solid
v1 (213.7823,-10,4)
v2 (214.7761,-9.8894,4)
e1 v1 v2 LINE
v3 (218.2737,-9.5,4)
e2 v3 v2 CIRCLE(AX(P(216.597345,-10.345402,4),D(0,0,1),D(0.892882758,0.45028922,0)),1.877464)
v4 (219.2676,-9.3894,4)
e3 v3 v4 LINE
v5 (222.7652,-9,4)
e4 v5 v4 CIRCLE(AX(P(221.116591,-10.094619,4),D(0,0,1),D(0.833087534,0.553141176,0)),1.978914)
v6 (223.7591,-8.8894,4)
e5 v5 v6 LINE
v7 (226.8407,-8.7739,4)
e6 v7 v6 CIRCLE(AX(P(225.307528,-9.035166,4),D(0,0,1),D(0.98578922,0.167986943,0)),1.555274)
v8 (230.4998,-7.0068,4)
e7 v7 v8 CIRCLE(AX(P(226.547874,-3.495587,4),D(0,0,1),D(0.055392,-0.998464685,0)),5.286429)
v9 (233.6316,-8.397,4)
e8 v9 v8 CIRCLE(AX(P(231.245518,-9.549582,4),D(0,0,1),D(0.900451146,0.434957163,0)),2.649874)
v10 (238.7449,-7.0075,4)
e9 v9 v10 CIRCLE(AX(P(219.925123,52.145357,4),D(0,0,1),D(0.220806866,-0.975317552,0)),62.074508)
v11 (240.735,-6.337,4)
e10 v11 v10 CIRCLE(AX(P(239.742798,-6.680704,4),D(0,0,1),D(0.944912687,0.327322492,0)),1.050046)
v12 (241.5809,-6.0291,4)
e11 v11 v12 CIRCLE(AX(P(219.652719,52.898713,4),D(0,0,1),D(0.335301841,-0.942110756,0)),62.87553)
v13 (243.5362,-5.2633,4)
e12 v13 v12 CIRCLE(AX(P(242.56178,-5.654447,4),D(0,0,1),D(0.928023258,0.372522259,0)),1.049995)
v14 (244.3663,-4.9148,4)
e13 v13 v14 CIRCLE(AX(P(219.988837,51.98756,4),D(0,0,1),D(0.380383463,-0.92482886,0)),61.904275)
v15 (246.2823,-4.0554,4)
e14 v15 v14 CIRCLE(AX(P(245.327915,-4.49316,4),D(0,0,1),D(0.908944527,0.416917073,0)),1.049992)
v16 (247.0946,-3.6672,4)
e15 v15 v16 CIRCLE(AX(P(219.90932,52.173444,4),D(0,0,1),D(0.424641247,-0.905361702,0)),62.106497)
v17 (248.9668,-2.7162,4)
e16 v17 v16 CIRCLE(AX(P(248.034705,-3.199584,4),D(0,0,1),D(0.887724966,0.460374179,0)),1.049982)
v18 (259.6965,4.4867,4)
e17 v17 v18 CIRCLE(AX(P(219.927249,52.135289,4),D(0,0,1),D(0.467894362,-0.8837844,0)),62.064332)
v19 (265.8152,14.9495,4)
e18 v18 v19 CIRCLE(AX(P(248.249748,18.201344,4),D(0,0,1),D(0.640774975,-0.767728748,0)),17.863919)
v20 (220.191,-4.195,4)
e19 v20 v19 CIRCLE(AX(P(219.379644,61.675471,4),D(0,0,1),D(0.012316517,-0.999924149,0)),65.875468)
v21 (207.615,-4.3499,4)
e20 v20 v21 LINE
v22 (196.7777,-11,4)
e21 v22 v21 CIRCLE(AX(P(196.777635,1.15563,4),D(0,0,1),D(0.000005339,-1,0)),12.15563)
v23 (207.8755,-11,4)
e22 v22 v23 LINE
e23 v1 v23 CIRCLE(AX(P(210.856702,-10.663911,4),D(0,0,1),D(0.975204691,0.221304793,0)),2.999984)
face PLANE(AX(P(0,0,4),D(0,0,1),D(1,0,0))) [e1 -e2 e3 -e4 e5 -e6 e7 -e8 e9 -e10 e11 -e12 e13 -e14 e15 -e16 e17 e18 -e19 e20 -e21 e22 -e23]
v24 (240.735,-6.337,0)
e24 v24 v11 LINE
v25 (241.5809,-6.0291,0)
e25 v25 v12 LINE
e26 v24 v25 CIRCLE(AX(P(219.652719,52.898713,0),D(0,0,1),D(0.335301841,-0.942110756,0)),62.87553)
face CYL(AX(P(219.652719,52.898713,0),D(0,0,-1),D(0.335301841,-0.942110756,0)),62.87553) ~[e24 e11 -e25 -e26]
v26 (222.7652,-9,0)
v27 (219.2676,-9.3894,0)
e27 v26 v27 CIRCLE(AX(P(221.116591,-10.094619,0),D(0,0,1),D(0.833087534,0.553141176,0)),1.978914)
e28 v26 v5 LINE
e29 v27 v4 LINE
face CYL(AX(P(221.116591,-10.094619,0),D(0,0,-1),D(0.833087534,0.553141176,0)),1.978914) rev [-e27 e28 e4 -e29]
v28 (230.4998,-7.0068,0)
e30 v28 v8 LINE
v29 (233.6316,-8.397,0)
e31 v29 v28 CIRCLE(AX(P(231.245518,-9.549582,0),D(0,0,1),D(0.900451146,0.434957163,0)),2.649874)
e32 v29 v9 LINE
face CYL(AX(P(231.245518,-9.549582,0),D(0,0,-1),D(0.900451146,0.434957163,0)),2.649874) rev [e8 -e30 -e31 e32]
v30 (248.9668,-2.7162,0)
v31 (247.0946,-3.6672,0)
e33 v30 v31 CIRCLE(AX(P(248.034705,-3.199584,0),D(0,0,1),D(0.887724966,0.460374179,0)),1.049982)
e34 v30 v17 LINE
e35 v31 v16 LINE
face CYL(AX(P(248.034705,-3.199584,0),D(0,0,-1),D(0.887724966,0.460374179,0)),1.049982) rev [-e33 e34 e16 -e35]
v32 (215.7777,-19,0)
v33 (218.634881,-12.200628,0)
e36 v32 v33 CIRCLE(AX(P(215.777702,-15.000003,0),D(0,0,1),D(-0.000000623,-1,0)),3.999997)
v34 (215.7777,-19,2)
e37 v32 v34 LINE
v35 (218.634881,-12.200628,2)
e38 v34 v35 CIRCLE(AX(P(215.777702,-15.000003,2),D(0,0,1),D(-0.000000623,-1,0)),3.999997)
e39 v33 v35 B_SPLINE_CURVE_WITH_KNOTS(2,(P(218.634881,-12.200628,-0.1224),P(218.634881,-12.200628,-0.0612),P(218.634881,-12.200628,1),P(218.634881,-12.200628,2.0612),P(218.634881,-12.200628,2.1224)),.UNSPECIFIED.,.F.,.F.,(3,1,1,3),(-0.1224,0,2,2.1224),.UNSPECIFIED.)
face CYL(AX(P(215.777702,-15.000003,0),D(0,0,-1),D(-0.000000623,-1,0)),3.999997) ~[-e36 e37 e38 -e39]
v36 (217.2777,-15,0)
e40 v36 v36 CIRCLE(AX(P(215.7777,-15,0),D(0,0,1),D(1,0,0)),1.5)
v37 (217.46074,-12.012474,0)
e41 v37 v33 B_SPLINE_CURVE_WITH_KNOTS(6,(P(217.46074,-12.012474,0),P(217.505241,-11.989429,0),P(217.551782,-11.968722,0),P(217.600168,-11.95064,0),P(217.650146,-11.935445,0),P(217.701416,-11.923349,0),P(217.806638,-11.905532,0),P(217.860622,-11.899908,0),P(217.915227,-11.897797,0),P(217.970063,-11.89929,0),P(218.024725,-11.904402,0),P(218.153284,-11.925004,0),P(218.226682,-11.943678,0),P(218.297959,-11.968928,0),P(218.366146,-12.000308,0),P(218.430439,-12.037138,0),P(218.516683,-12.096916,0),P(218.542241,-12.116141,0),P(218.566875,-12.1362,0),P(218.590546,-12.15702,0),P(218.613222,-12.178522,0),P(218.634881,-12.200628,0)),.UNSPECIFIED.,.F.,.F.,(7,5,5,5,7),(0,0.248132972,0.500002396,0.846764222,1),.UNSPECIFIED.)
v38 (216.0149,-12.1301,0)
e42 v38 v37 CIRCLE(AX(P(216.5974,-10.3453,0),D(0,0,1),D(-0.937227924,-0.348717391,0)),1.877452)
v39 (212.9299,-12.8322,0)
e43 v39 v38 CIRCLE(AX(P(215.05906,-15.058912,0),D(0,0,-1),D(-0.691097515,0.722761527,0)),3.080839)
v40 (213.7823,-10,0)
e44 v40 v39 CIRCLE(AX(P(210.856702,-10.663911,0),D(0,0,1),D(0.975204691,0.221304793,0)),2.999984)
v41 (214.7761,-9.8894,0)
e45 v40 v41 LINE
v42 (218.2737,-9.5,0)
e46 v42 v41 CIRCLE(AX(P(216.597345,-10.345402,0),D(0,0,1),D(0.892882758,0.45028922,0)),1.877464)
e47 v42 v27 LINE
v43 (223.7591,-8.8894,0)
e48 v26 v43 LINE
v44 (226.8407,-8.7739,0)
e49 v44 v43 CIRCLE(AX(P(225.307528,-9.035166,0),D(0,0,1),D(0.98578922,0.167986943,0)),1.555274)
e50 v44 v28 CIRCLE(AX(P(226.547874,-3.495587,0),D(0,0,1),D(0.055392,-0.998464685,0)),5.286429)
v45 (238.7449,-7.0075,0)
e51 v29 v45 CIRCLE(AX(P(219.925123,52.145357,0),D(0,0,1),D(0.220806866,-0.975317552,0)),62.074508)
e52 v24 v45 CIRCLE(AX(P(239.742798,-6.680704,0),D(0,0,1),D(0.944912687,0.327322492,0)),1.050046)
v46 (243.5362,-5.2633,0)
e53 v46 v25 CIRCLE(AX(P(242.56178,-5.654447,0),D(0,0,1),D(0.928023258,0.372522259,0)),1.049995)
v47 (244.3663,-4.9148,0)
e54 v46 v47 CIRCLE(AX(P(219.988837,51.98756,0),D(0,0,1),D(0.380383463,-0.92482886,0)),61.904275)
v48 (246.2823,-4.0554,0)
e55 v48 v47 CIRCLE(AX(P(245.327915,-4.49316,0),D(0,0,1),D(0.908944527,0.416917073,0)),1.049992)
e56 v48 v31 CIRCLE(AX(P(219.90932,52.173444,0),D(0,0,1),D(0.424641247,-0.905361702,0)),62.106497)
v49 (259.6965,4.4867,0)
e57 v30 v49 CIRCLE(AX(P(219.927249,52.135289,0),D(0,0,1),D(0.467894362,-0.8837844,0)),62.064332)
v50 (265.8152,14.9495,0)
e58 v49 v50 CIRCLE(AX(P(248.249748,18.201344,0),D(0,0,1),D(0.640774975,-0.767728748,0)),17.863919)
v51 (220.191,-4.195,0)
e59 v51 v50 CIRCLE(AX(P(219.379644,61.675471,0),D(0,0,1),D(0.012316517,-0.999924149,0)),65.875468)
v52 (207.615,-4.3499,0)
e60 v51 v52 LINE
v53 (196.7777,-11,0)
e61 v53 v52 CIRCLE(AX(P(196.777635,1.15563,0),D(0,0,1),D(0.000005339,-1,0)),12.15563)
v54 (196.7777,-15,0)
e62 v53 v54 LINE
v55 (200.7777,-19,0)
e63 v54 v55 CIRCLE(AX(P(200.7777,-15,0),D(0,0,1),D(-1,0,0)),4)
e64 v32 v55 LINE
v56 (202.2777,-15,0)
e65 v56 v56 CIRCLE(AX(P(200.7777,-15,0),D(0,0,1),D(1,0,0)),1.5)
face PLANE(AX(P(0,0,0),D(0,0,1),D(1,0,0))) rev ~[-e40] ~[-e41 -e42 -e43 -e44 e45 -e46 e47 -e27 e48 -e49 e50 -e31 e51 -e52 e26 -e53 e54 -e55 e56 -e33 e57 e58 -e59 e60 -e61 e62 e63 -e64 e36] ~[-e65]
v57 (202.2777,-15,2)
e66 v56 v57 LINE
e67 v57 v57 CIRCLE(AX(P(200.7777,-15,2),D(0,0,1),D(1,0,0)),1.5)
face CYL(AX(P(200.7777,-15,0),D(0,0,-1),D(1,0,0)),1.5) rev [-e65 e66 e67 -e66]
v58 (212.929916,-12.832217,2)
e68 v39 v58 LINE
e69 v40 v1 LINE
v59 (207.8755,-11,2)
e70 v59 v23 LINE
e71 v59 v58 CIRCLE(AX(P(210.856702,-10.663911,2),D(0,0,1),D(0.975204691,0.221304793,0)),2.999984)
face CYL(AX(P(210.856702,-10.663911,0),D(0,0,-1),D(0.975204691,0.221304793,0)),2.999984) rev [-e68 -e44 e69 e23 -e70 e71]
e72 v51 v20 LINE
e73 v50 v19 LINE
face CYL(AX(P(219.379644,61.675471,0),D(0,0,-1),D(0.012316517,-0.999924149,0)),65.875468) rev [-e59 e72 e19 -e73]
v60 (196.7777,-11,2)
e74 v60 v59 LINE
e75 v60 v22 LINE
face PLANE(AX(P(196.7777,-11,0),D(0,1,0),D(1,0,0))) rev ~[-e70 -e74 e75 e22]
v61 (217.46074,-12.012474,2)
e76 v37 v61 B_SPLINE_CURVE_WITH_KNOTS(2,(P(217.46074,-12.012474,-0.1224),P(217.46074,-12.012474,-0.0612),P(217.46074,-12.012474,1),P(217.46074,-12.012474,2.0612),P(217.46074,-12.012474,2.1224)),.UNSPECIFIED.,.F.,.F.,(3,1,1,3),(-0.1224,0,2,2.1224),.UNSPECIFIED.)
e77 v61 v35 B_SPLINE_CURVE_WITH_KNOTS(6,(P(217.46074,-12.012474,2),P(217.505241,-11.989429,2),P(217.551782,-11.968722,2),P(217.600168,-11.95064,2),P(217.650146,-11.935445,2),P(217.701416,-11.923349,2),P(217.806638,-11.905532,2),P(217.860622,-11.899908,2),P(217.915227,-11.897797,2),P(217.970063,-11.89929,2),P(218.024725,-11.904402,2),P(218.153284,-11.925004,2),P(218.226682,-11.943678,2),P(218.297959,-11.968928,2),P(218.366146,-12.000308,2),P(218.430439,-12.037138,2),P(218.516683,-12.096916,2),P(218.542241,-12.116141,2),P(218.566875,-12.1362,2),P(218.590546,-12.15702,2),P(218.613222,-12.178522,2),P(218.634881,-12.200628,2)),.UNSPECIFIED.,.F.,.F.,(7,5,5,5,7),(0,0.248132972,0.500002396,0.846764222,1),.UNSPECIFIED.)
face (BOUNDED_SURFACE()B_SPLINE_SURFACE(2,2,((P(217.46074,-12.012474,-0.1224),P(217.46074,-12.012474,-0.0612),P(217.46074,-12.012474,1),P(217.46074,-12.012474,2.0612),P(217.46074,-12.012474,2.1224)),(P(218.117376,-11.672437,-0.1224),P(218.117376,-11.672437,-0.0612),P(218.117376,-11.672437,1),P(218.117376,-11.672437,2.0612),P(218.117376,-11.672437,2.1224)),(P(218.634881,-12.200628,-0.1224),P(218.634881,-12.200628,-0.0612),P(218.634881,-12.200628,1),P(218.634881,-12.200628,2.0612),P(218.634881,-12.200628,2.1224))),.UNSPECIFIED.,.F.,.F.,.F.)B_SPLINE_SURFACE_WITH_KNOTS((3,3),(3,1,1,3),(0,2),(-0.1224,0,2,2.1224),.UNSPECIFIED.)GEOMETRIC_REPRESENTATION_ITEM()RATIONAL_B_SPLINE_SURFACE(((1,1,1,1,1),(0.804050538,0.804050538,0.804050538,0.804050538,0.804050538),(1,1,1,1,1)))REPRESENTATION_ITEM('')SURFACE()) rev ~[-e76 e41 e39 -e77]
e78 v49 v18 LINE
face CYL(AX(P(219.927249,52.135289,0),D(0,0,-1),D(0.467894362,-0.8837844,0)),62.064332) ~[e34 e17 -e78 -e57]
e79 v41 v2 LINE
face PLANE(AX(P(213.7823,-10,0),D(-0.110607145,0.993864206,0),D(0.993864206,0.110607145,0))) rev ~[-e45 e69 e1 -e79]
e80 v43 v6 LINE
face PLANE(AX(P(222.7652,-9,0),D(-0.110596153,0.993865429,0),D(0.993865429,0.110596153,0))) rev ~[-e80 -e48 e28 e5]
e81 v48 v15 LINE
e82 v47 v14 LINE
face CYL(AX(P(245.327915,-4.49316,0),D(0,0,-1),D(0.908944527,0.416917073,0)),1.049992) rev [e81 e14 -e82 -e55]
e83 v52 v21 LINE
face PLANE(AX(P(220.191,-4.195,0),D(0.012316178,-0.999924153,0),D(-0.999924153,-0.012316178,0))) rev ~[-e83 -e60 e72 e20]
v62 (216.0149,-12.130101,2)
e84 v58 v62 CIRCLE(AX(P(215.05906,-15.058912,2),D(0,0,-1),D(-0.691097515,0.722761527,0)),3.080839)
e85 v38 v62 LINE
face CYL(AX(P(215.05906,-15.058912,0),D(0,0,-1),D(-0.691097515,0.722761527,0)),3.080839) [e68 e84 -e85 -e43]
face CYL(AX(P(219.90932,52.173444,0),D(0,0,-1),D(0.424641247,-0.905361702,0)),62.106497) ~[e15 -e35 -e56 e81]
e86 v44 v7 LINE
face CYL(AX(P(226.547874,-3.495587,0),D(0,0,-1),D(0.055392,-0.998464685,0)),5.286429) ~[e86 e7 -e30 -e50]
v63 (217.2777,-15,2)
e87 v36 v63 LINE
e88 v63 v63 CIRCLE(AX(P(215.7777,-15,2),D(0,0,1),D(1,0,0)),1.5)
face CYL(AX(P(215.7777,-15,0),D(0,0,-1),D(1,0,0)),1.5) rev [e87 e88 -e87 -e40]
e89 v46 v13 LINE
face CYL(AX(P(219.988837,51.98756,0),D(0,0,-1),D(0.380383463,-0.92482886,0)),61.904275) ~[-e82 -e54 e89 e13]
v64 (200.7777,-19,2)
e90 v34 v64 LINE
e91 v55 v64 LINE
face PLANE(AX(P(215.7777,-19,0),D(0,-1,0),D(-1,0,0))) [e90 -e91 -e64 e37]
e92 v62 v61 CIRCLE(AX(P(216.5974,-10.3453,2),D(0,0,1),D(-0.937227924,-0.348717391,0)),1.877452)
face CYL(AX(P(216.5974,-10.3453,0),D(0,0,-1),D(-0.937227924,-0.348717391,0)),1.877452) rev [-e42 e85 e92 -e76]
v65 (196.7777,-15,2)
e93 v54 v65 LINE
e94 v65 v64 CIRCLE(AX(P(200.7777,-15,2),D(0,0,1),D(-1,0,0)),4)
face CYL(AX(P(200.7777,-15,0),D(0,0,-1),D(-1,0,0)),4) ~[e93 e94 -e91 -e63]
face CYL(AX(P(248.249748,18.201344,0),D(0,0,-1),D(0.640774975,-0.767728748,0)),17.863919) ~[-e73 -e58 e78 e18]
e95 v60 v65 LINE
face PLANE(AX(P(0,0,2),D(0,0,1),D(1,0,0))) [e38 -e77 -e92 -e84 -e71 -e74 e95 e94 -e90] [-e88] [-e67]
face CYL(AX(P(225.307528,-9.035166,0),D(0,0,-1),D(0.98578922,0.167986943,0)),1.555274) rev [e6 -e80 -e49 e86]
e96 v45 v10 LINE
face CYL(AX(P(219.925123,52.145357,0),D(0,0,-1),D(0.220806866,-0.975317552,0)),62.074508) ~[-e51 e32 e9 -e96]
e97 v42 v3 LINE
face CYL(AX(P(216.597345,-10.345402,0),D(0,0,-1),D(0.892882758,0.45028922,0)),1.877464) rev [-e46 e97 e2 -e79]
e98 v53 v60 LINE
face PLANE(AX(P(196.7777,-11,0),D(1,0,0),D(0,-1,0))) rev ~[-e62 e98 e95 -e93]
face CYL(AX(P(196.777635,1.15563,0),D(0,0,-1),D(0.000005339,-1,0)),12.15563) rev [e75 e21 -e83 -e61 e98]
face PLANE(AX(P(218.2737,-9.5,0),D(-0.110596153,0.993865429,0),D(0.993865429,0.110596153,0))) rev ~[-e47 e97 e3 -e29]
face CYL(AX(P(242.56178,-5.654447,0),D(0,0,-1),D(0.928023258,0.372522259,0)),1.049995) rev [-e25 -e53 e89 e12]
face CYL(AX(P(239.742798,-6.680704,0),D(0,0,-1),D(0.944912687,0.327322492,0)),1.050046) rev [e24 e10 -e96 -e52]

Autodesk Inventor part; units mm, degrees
ref_plane "YZ Plane" through (0, 0, 0) normal (1, 0, 0) x (0, 1, 0)
ref_plane "XZ Plane" through (0, 0, 0) normal (0, 1, 0) x (-1, 0, 0)
ref_plane "XY Plane" through (0, 0, 0) normal (0, 0, 1) x (1, 0, 0)
sketch "スケッチ1" plane through (0, 0, 0) normal (0, 0, 1) x (1, 0, 0)
  circle A0 centre (0, 0) radius 2
  circle A1 centre (15, 0) radius 2
  arc A2 (-0.2273, 4.9948) -> (-3.6359, -3.4322) centre (0, 0) ccw
  circle A3 centre (55, 0) radius 2
  circle A4 centre (43.6863, -14) radius 2
  circle A5 centre (55, 0) radius 5.025
  arc A6 (58.5132, 7.2151) -> (53.7727, 7.9306) centre (55, 0) ccw
  arc A7 (47.9053, -14.5126) -> (46.3576, -10.6944) centre (43.6863, -14) ccw
  line L0 (80, -19) -> (95, -19)
  circle A8 centre (95, -15) radius 2
  circle A9 centre (80, -15) radius 2
  arc A10 (95, -19) -> (96.7511, -11.4037) centre (95, -15) ccw
  circle A11 centre (80, -15) radius 4 construction
  line L1 (55.7328, -19) -> (80, -19)
  line L2 (58.5132, 7.2151) -> (96.7511, -11.4037)
  arc A12 (41.3268, -1.451) -> (46.3576, -10.6944) centre (55, 0) ccw
  arc A13 (60.1221, -5.4785) -> (54.6591, 7.4922) centre (55, 0) ccw
  line L3 (-0.2273, 4.9948) -> (54.6591, 7.4922)
  circle A14 centre (13, -14.5) radius 1.5
  arc A15 (9.7277, -17.589) -> (13, -19) centre (13, -14.5) ccw
  line L4 (-3.6359, -3.4322) -> (9.7277, -17.589)
  arc A16 (43.6863, -19) -> (47.101, -17.6524) centre (43.6863, -14) ccw
  line L5 (47.9053, -14.5126) -> (53.1517, -18.1862)
  line L6 (13, -19) -> (43.6863, -19)
  line L7 (47.101, -17.6524) -> (60.1221, -5.4785)
  circle A17 centre (66.8562, -1.8523) radius 1.5
  circle A18 centre (66.8562, -1.8523) radius 4.5 construction
  arc A19 (41.3268, -1.451) -> (37.1005, 2.3505) centre (37.1005, -1.8995) ccw
  line L8 (37.1005, 5.3505) -> (53.7727, 7.9306)
  line L9 (37.1005, 5.3505) -> (37.1005, 2.3505)
  circle A20 centre (55.7328, -14.5) radius 1.5
  arc A21 (53.1517, -18.1862) -> (55.7328, -19) centre (55.7328, -14.5) ccw
  arc A22 (80, -11) -> (80, -19) centre (80, -15) ccw
  line L10 (358.0202, -11) -> (380, -19)
  line L11 (380, -19) -> (80, -19)
  circle A23 centre (348.0202, -15) radius 1.25
  circle A24 centre (333.0202, -15) radius 1.25
  circle A25 centre (318.0202, -15) radius 1.25
  circle A26 centre (303.0202, -15) radius 1.25
  line L12 (80, -11) -> (207.8755, -11)
  line L13 (358.0202, -11) -> (248.9511, -11)
  arc A27 (213.7823, -10) -> (213.8378, -11) centre (210.8567, -10.6639) ccw
  line L14 (213.7823, -10) -> (214.7761, -9.8894)
  line L15 (213.8378, -11) -> (214.8378, -11)
  line L16 (219.357, -11) -> (218.357, -11)
  line L17 (218.2737, -9.5) -> (219.2676, -9.3894)
  line L18 (222.8762, -11) -> (223.8762, -11)
  line L19 (222.7652, -9) -> (223.7591, -8.8894)
  arc A28 (214.8378, -11) -> (218.357, -11) centre (216.5974, -10.3453) ccw
  arc A29 (218.2737, -9.5) -> (214.7761, -9.8894) centre (216.5974, -10.3453) ccw
  arc A30 (219.357, -11) -> (222.8762, -11) centre (221.1166, -10.0946) ccw
  arc A31 (222.7652, -9) -> (219.2676, -9.3894) centre (221.1166, -10.0946) ccw
  line L20 (210.8567, -10.6639) -> (233.0155, -9.4343) construction
  arc A32 (223.8762, -11) -> (229.892, -10.6107) centre (226.7628, -8.9308) ccw
  arc A33 (226.8407, -8.7739) -> (223.7591, -8.8894) centre (225.3075, -9.0352) ccw
  arc A34 (226.8407, -8.7739) -> (230.4998, -7.0068) centre (226.5478, -3.4953) ccw
  arc A35 (233.6316, -8.397) -> (230.4998, -7.0068) centre (231.2455, -9.5496) ccw
  arc A36 (235.4619, -12.6053) -> (229.892, -10.6107) centre (230.3136, -18.2076) ccw
  arc A37 (235.4619, -12.6053) -> (239.6511, -11) centre (234.0497, -2.6513) ccw
  arc A38 (259.6965, 4.4867) -> (265.8152, 14.9495) centre (248.2498, 18.2013) ccw
  arc A39 (220.191, -4.195) -> (265.8152, 14.9495) centre (219.3797, 61.6752) ccw
  line L21 (220.191, -4.195) -> (207.615, -4.3499)
  arc A40 (196.7777, -11) -> (207.615, -4.3499) centre (196.7777, 1.1554) ccw
  line L22 (222.8762, -11) -> (240.076, -10.0456) construction
  line L23 (222.7652, -9) -> (239.478, -8.0726) construction
  line L24 (239.6511, -11) -> (240.6511, -11)
  arc A41 (240.6511, -11) -> (242.7511, -11) centre (241.7011, -11) ccw
  line L25 (242.7511, -11) -> (243.7511, -11)
  arc A42 (243.7511, -11) -> (245.8511, -11) centre (244.8011, -11) ccw
  line L26 (245.8511, -11) -> (246.8511, -11)
  arc A43 (246.8511, -11) -> (248.9511, -11) centre (247.9011, -11) ccw
  arc A44 (240.735, -6.337) -> (238.7449, -7.0075) centre (239.7428, -6.6807) ccw
  arc A45 (243.5362, -5.2633) -> (241.5809, -6.0291) centre (242.5618, -5.6544) ccw
  arc A46 (246.2823, -4.0554) -> (244.3663, -4.9148) centre (245.3279, -4.4932) ccw
  arc A47 (248.9668, -2.7162) -> (247.0946, -3.6672) centre (248.0347, -3.1996) ccw
  arc A48 (233.6316, -8.397) -> (238.7449, -7.0075) centre (219.9279, 52.1342) ccw
  arc A49 (240.735, -6.337) -> (241.5809, -6.0291) centre (219.9279, 52.1342) ccw
  arc A50 (243.5362, -5.2633) -> (244.3663, -4.9148) centre (219.9279, 52.1342) ccw
  arc A51 (246.2823, -4.0554) -> (247.0946, -3.6672) centre (219.9279, 52.1342) ccw
  arc A52 (248.9668, -2.7162) -> (259.6965, 4.4867) centre (219.9279, 52.1342) ccw
  line L27 (196.7777, -11) -> (196.7777, -15)
  circle A53 centre (200.7777, -15) radius 1.25
  circle A54 centre (215.7777, -15) radius 1.25
  arc A55 (196.7777, -15) -> (200.7777, -19) centre (200.7777, -15) ccw
  arc A56 (215.7777, -19) -> (217.9536, -11.6436) centre (215.7777, -15) ccw
  circle A57 centre (200.7777, -15) radius 1.5
  circle A58 centre (215.7777, -15) radius 1.5
  line L28 (200.7777, -19) -> (215.7777, -19)
  dimension "d0" = 4
  dimension "d1" = 4
  dimension "d2" = 15
  dimension "d3" = 3
  dimension "d4" = 4
  dimension "d5" = 4
  dimension "d6" = 10.05
  dimension "d7" = 3
  dimension "d8" = 8.5
  dimension "d9" = 4
  dimension "d10" = 4
  dimension "d11" = 15
  dimension "d12" = 15
  dimension "d13" = 3
  dimension "d14" = 3
  dimension "d15" = 3
  dimension "d16" = 35
  dimension "d17" = 3
  dimension "d18" = 40
  dimension "d19" = 40
  dimension "d20" = 18
  dimension "d21" = 15
  dimension "d22" = 13
  dimension "d23" = 8.5
  dimension "d24" = 18
  dimension "d25" = 45
  dimension "d26" = 3
  dimension "d27" = 3
  dimension "d28" = 3
  dimension "d29" = 3
  dimension "d30" = 8
  dimension "d31" = 380
  dimension "d32" = 20
  dimension "d33" = 4
  dimension "d34" = 8
  dimension "d35" = 2.5
  dimension "d36" = 2.5
  dimension "d37" = 2.5
  dimension "d38" = 2.5
  dimension "d39" = 4
  dimension "d40" = 15
  dimension "d41" = 15
  dimension "d42" = 15
  dimension "d43" = 10
  dimension "d44" = 6
  dimension "d45" = 1
  dimension "d46" = 1.5
  dimension "d47" = 1
  dimension "d48" = 1
  dimension "d49" = 1
  dimension "d50" = 2
  dimension "d51" = 1
  dimension "d52" = 1.0015
  dimension "d53" = 1.0015
  dimension "d54" = 0.7511
  dimension "d55" = 0.7511
  dimension "d56" = 3.176
  dimension "d57" = 3.176
  dimension "d58" = 1.05
  dimension "d59" = 1.05
  dimension "d60" = 1.05
  dimension "d61" = 1
  dimension "d62" = 1
  dimension "d63" = 1
extrude "押し出し1" add sketch "スケッチ1" along normal blind 4 contours A40 L21 A39 A38 A52 A47 A51 A46 A50 A45 A49 A44 A48 A35 A34 A33 L19 A31 L17 A29 L14 A27 L12
extrude "押し出し2" add sketch "スケッチ1" along normal blind 2 contours L12 A27 L15 A28 A56 L11 A55 L27
sketch "スケッチ2" plane through (0, 0, 0) normal (0, 0, -1) x (-1, 0, 0)
  circle A0 centre (-200.7777, -15) radius 1.5 projected
  circle A1 centre (-215.7777, -15) radius 1.5 projected
  arc A2 (-213.8378, -11) -> (-213.7823, -10) centre (-210.8567, -10.6639) ccw projected
  line L0 (-214.8378, -11) -> (-213.8378, -11) projected
  arc A3 (-217.9536, -11.6436) -> (-214.8378, -11) centre (-216.5974, -10.3453) ccw projected
  arc A4 (-217.9536, -11.6436) -> (-215.7777, -19) centre (-215.7777, -15) ccw projected
  line L1 (-200.7777, -19) -> (-215.7777, -19) projected
  arc A5 (-200.7777, -19) -> (-196.7777, -15) centre (-200.7777, -15) ccw projected
  line L2 (-196.7777, -11) -> (-196.7777, -15) projected
  arc A6 (-207.615, -4.3499) -> (-196.7777, -11) centre (-196.7777, 1.1554) ccw projected
  line L3 (-220.191, -4.195) -> (-207.615, -4.3499) projected
  arc A7 (-265.8152, 14.9495) -> (-220.191, -4.195) centre (-219.3797, 61.6752) ccw projected
  arc A8 (-265.8152, 14.9495) -> (-259.6965, 4.4867) centre (-248.2498, 18.2013) ccw projected
  arc A9 (-259.6965, 4.4867) -> (-248.9668, -2.7162) centre (-219.9279, 52.1342) ccw projected
  arc A10 (-247.0946, -3.6672) -> (-248.9668, -2.7162) centre (-248.0347, -3.1996) ccw projected
  arc A11 (-247.0946, -3.6672) -> (-246.2823, -4.0554) centre (-219.9279, 52.1342) ccw projected
  arc A12 (-244.3663, -4.9148) -> (-246.2823, -4.0554) centre (-245.3279, -4.4932) ccw projected
  arc A13 (-244.3663, -4.9148) -> (-243.5362, -5.2633) centre (-219.9279, 52.1342) ccw projected
  arc A14 (-241.5809, -6.0291) -> (-243.5362, -5.2633) centre (-242.5618, -5.6544) ccw projected
  arc A15 (-241.5809, -6.0291) -> (-240.735, -6.337) centre (-219.9279, 52.1342) ccw projected
  arc A16 (-238.7449, -7.0075) -> (-240.735, -6.337) centre (-239.7428, -6.6807) ccw projected
  arc A17 (-238.7449, -7.0075) -> (-233.6316, -8.397) centre (-219.9279, 52.1342) ccw projected
  arc A18 (-230.4998, -7.0068) -> (-233.6316, -8.397) centre (-231.2455, -9.5496) ccw projected
  arc A19 (-230.4998, -7.0068) -> (-226.8407, -8.7739) centre (-226.5478, -3.4953) ccw projected
  arc A20 (-223.7591, -8.8894) -> (-226.8407, -8.7739) centre (-225.3075, -9.0352) ccw projected
  line L4 (-222.7652, -9) -> (-223.7591, -8.8894) projected
  arc A21 (-219.2676, -9.3894) -> (-222.7652, -9) centre (-221.1166, -10.0946) ccw projected
  line L5 (-218.2737, -9.5) -> (-219.2676, -9.3894) projected
  arc A22 (-214.7761, -9.8894) -> (-218.2737, -9.5) centre (-216.5974, -10.3453) ccw projected
  line L6 (-213.7823, -10) -> (-214.7761, -9.8894) projected
  arc A23 (-213.8378, -11) -> (-207.8755, -11) centre (-210.8567, -10.6639) ccw projected
  circle A24 centre (-214.2944, -10.9995) radius 1.05
  arc A25 (-217.9536, -11.6436) -> (-214.8378, -11) centre (-216.5974, -10.3453) ccw projected
  arc A26 (-212.9299, -12.8322) -> (-216.0149, -12.1301) centre (-215.059, -15.0588) ccw
  arc A27 (-217.9536, -11.6436) -> (-214.8378, -11) centre (-216.5974, -10.3453) ccw projected
  point P0 (0, 0)
  point P1 (-216.0149, -12.1301)
  point P2 (-212.9299, -12.8322)
  dimension "d83" = 2.1
extrude "押し出し3" cut sketch "スケッチ2" against normal blind 10 contours A26 A24 A2 | A24 A3 L0 A2 | A26 A3 A24 picked at (-214.4032, -11.5037)
fillet "フィレット1" radius 1 1 edges at (217.9536, -11.6436, 1)
equation "\"d53\" = d52"
equation "\"d55\" = d54"
equation "\"d57\" = d56"
properties part number "シールド殺し" material "アルミニウム 7075"
